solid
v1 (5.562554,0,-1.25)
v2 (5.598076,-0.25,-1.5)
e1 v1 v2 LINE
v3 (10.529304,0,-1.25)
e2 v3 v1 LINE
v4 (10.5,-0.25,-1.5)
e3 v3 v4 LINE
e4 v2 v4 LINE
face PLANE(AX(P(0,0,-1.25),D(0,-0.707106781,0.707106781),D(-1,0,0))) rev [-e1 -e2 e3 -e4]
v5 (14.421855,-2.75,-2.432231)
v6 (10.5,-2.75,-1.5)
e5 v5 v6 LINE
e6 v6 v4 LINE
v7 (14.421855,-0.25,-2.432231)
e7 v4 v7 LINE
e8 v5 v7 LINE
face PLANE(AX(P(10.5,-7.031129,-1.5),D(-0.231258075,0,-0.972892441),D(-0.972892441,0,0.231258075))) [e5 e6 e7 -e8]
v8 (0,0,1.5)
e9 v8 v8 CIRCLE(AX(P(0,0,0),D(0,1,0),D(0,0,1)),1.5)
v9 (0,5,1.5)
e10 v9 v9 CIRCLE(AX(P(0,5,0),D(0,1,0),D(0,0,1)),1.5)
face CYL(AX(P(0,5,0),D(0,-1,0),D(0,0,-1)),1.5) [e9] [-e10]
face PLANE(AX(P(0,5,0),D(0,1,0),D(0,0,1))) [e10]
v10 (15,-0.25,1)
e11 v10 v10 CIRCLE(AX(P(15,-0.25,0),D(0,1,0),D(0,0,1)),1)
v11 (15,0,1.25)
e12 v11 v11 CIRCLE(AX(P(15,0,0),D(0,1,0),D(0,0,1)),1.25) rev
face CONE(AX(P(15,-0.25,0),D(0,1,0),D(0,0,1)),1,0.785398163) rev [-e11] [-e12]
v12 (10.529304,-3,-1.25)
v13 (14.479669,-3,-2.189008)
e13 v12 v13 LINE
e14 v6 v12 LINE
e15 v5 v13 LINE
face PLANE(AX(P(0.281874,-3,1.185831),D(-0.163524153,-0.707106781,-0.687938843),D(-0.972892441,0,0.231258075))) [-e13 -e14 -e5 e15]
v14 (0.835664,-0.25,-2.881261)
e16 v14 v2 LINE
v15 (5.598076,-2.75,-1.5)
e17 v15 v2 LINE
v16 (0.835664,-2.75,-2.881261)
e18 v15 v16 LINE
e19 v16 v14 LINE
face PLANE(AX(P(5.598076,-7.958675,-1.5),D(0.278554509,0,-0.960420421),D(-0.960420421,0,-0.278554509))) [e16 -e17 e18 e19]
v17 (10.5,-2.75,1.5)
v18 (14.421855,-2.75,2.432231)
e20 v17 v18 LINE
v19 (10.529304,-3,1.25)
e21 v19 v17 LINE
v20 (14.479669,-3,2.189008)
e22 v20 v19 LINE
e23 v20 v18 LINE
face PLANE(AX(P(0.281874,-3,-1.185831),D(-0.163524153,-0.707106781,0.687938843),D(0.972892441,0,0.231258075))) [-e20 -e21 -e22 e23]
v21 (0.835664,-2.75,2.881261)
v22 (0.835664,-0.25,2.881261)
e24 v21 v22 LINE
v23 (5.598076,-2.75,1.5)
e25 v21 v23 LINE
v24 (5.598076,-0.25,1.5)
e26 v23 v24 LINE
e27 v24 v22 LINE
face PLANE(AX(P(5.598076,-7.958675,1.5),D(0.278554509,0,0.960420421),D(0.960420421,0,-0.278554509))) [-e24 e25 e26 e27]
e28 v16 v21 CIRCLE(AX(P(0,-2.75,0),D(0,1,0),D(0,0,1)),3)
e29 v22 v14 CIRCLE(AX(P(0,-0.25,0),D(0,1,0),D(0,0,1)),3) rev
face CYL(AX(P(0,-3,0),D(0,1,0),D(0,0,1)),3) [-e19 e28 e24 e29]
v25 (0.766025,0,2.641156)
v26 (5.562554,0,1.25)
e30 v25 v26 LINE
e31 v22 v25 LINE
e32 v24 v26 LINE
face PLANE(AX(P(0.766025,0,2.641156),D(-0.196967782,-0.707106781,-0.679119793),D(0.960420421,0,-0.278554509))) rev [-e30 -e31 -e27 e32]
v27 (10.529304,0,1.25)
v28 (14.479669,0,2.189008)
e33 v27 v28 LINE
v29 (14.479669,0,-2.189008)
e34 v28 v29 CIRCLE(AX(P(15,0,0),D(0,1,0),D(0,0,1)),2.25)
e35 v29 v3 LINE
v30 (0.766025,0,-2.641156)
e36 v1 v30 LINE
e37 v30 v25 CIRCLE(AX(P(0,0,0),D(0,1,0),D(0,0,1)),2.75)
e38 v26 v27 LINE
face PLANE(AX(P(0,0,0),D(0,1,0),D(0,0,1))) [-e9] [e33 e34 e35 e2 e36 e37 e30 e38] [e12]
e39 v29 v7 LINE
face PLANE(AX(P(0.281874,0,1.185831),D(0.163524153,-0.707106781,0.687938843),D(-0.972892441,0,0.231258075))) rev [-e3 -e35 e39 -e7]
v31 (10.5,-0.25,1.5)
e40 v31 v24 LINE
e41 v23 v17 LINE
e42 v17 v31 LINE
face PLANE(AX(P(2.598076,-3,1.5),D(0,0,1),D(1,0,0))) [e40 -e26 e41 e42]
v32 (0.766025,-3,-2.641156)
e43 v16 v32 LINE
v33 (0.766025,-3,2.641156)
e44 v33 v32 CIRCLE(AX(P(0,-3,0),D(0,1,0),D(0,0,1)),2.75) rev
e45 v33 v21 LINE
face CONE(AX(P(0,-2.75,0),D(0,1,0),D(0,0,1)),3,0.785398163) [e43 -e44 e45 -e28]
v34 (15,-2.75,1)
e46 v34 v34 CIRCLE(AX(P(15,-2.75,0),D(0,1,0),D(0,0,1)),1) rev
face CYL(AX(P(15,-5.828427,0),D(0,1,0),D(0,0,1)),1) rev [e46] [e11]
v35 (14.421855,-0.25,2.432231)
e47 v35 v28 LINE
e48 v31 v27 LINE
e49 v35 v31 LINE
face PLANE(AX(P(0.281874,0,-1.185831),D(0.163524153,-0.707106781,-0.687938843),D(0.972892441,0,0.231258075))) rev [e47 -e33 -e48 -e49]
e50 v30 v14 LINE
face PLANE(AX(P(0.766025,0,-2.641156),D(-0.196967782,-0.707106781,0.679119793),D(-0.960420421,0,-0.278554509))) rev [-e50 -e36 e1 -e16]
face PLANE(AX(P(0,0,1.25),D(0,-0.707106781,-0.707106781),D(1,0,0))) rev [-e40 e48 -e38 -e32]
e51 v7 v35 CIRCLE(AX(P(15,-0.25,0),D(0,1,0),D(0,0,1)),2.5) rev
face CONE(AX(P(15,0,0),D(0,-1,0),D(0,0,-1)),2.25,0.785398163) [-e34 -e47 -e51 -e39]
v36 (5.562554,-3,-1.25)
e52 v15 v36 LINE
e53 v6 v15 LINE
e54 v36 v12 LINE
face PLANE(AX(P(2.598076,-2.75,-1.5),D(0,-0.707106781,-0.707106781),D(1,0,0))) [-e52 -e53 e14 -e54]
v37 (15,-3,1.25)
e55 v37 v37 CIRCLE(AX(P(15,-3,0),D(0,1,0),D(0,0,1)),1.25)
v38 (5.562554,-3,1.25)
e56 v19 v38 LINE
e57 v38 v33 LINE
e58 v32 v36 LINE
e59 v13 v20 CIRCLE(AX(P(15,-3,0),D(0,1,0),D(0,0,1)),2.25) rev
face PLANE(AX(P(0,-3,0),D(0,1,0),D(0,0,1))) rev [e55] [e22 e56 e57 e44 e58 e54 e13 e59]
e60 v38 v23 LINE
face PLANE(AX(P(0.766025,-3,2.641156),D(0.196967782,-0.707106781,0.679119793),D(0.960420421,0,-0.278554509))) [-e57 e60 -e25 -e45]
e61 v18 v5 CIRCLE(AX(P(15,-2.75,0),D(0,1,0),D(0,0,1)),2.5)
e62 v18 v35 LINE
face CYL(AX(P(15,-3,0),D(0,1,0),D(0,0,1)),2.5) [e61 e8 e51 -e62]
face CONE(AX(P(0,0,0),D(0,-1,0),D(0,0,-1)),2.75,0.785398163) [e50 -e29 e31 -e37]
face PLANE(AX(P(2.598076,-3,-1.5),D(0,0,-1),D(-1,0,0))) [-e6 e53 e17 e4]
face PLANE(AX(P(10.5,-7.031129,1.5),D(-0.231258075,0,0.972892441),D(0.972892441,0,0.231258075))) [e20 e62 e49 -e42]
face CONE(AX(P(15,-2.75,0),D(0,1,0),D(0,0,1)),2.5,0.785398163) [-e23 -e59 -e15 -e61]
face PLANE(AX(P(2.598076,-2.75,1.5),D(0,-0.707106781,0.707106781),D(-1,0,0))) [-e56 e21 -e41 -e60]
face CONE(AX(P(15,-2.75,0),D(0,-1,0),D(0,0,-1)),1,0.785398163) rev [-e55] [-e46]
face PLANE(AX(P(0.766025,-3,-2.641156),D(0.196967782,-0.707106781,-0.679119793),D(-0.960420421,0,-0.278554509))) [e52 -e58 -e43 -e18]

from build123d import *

# Parameters (mm, degrees)
SKETCH_1_R          = 1.5
EXTRUDE_1_DEPTH     = 5
EXTRUDE_3_DEPTH     = 3
SKETCH_5_R          = 1
CUT_EXTRUDE_2_DEPTH = 3
EXTRUDE_4_DEPTH     = 3
EXTRUDE_5_DEPTH     = 3
CHAMFER_2_SIZE      = 0.25


with BuildPart() as part:
    # 草图1 → 凸台-拉伸1 (new body)
    with BuildSketch(Plane(origin=(0, 0, 0), x_dir=(1, 0, 0), z_dir=(0, 1, 0))):
        with Locations(Location((0, 0, 0), (0, 0, 270))):
            Circle(SKETCH_1_R)
    extrude(amount=EXTRUDE_1_DEPTH)

    # 草图4 → 凸台-拉伸3 (add)
    with BuildSketch(Plane(origin=(0, 0, 0), x_dir=(1, 0, 0), z_dir=(0, 1, 0))):
        with BuildLine():
            Line((2.598076211, 1.5), (13, 1.5))
            ThreePointArc((13, 1.5), (17.5, 0), (13, -1.5))
            Line((13, -1.5), (2.598076211, -1.5))
            ThreePointArc((2.598076211, -1.5), (-3, 0), (2.598076211, 1.5))
        make_face()
    extrude(amount=-EXTRUDE_3_DEPTH)

    # 草图5 → 切除-拉伸2 (cut)
    with BuildSketch(Plane(origin=(0, 0, 0), x_dir=(1, 0, 0), z_dir=(0, 1, 0))):
        with Locations(Location((15, 0, 0), (0, 0, 270))):
            Circle(SKETCH_5_R)
    extrude(amount=-CUT_EXTRUDE_2_DEPTH, mode=Mode.SUBTRACT)

    # 草图7 → 凸台-拉伸4 (add)
    with BuildSketch(Plane(origin=(0, 0, 0), x_dir=(1, 0, 0), z_dir=(0, 1, 0))):
        with BuildLine():
            Line((10.5, 1.5), (14.421854812, 2.432231104))
            ThreePointArc((14.421854812, 2.432231104), (13.629244055, 2.090700395), (13, 1.5))
            Line((13, 1.5), (10.5, 1.5))
        make_face()
        with BuildLine():
            Line((10.5, -1.5), (14.421854812, -2.432231104))
            ThreePointArc((14.421854812, -2.432231104), (13.629244055, -2.090700395), (13, -1.5))
            Line((13, -1.5), (10.5, -1.5))
        make_face()
    extrude(amount=-EXTRUDE_4_DEPTH)

    # 草图9 → 凸台-拉伸5 (add)
    with BuildSketch(Plane(origin=(0, 0, 0), x_dir=(1, 0, 0), z_dir=(0, 1, 0))):
        with BuildLine():
            Line((5.598076211, 1.5), (2.598076211, 1.5))
            ThreePointArc((2.598076211, 1.5), (1.850570943, 2.36122578), (0.835663526, 2.881261264))
            Line((0.835663526, 2.881261264), (5.598076211, 1.5))
        make_face()
        with BuildLine():
            Line((2.598076211, -1.5), (5.598076211, -1.5))
            Line((5.598076211, -1.5), (0.835663526, -2.881261264))
            ThreePointArc((0.835663526, -2.881261264), (1.850570943, -2.36122578), (2.598076211, -1.5))
        make_face()
    extrude(amount=-EXTRUDE_5_DEPTH)

    # 倒角2
    chamfer_2_edges = [part.edges().sort_by_distance(p)[0] for p in [
        (15, 0, -1),
        (15, -3, -1),
        (17.5, 0, 0),
        (17.5, -3, 0),
        (12.460927406, 0, 1.966115552),
        (12.460927406, -3, 1.966115552),
        (8.049038106, 0, -1.5),
        (8.049038106, -3, -1.5),
        (12.460927406, 0, -1.966115552),
        (12.460927406, -3, -1.966115552),
        (-3, 0, 0),
        (-3, -3, 0),
        (3.216869869, 0, -2.190630632),
        (3.216869869, -3, -2.190630632),
        (8.049038106, 0, 1.5),
        (8.049038106, -3, 1.5),
        (3.216869869, 0, 2.190630632),
        (3.216869869, -3, 2.190630632),
    ]]
    chamfer(chamfer_2_edges, length=CHAMFER_2_SIZE)


solid = part.part
